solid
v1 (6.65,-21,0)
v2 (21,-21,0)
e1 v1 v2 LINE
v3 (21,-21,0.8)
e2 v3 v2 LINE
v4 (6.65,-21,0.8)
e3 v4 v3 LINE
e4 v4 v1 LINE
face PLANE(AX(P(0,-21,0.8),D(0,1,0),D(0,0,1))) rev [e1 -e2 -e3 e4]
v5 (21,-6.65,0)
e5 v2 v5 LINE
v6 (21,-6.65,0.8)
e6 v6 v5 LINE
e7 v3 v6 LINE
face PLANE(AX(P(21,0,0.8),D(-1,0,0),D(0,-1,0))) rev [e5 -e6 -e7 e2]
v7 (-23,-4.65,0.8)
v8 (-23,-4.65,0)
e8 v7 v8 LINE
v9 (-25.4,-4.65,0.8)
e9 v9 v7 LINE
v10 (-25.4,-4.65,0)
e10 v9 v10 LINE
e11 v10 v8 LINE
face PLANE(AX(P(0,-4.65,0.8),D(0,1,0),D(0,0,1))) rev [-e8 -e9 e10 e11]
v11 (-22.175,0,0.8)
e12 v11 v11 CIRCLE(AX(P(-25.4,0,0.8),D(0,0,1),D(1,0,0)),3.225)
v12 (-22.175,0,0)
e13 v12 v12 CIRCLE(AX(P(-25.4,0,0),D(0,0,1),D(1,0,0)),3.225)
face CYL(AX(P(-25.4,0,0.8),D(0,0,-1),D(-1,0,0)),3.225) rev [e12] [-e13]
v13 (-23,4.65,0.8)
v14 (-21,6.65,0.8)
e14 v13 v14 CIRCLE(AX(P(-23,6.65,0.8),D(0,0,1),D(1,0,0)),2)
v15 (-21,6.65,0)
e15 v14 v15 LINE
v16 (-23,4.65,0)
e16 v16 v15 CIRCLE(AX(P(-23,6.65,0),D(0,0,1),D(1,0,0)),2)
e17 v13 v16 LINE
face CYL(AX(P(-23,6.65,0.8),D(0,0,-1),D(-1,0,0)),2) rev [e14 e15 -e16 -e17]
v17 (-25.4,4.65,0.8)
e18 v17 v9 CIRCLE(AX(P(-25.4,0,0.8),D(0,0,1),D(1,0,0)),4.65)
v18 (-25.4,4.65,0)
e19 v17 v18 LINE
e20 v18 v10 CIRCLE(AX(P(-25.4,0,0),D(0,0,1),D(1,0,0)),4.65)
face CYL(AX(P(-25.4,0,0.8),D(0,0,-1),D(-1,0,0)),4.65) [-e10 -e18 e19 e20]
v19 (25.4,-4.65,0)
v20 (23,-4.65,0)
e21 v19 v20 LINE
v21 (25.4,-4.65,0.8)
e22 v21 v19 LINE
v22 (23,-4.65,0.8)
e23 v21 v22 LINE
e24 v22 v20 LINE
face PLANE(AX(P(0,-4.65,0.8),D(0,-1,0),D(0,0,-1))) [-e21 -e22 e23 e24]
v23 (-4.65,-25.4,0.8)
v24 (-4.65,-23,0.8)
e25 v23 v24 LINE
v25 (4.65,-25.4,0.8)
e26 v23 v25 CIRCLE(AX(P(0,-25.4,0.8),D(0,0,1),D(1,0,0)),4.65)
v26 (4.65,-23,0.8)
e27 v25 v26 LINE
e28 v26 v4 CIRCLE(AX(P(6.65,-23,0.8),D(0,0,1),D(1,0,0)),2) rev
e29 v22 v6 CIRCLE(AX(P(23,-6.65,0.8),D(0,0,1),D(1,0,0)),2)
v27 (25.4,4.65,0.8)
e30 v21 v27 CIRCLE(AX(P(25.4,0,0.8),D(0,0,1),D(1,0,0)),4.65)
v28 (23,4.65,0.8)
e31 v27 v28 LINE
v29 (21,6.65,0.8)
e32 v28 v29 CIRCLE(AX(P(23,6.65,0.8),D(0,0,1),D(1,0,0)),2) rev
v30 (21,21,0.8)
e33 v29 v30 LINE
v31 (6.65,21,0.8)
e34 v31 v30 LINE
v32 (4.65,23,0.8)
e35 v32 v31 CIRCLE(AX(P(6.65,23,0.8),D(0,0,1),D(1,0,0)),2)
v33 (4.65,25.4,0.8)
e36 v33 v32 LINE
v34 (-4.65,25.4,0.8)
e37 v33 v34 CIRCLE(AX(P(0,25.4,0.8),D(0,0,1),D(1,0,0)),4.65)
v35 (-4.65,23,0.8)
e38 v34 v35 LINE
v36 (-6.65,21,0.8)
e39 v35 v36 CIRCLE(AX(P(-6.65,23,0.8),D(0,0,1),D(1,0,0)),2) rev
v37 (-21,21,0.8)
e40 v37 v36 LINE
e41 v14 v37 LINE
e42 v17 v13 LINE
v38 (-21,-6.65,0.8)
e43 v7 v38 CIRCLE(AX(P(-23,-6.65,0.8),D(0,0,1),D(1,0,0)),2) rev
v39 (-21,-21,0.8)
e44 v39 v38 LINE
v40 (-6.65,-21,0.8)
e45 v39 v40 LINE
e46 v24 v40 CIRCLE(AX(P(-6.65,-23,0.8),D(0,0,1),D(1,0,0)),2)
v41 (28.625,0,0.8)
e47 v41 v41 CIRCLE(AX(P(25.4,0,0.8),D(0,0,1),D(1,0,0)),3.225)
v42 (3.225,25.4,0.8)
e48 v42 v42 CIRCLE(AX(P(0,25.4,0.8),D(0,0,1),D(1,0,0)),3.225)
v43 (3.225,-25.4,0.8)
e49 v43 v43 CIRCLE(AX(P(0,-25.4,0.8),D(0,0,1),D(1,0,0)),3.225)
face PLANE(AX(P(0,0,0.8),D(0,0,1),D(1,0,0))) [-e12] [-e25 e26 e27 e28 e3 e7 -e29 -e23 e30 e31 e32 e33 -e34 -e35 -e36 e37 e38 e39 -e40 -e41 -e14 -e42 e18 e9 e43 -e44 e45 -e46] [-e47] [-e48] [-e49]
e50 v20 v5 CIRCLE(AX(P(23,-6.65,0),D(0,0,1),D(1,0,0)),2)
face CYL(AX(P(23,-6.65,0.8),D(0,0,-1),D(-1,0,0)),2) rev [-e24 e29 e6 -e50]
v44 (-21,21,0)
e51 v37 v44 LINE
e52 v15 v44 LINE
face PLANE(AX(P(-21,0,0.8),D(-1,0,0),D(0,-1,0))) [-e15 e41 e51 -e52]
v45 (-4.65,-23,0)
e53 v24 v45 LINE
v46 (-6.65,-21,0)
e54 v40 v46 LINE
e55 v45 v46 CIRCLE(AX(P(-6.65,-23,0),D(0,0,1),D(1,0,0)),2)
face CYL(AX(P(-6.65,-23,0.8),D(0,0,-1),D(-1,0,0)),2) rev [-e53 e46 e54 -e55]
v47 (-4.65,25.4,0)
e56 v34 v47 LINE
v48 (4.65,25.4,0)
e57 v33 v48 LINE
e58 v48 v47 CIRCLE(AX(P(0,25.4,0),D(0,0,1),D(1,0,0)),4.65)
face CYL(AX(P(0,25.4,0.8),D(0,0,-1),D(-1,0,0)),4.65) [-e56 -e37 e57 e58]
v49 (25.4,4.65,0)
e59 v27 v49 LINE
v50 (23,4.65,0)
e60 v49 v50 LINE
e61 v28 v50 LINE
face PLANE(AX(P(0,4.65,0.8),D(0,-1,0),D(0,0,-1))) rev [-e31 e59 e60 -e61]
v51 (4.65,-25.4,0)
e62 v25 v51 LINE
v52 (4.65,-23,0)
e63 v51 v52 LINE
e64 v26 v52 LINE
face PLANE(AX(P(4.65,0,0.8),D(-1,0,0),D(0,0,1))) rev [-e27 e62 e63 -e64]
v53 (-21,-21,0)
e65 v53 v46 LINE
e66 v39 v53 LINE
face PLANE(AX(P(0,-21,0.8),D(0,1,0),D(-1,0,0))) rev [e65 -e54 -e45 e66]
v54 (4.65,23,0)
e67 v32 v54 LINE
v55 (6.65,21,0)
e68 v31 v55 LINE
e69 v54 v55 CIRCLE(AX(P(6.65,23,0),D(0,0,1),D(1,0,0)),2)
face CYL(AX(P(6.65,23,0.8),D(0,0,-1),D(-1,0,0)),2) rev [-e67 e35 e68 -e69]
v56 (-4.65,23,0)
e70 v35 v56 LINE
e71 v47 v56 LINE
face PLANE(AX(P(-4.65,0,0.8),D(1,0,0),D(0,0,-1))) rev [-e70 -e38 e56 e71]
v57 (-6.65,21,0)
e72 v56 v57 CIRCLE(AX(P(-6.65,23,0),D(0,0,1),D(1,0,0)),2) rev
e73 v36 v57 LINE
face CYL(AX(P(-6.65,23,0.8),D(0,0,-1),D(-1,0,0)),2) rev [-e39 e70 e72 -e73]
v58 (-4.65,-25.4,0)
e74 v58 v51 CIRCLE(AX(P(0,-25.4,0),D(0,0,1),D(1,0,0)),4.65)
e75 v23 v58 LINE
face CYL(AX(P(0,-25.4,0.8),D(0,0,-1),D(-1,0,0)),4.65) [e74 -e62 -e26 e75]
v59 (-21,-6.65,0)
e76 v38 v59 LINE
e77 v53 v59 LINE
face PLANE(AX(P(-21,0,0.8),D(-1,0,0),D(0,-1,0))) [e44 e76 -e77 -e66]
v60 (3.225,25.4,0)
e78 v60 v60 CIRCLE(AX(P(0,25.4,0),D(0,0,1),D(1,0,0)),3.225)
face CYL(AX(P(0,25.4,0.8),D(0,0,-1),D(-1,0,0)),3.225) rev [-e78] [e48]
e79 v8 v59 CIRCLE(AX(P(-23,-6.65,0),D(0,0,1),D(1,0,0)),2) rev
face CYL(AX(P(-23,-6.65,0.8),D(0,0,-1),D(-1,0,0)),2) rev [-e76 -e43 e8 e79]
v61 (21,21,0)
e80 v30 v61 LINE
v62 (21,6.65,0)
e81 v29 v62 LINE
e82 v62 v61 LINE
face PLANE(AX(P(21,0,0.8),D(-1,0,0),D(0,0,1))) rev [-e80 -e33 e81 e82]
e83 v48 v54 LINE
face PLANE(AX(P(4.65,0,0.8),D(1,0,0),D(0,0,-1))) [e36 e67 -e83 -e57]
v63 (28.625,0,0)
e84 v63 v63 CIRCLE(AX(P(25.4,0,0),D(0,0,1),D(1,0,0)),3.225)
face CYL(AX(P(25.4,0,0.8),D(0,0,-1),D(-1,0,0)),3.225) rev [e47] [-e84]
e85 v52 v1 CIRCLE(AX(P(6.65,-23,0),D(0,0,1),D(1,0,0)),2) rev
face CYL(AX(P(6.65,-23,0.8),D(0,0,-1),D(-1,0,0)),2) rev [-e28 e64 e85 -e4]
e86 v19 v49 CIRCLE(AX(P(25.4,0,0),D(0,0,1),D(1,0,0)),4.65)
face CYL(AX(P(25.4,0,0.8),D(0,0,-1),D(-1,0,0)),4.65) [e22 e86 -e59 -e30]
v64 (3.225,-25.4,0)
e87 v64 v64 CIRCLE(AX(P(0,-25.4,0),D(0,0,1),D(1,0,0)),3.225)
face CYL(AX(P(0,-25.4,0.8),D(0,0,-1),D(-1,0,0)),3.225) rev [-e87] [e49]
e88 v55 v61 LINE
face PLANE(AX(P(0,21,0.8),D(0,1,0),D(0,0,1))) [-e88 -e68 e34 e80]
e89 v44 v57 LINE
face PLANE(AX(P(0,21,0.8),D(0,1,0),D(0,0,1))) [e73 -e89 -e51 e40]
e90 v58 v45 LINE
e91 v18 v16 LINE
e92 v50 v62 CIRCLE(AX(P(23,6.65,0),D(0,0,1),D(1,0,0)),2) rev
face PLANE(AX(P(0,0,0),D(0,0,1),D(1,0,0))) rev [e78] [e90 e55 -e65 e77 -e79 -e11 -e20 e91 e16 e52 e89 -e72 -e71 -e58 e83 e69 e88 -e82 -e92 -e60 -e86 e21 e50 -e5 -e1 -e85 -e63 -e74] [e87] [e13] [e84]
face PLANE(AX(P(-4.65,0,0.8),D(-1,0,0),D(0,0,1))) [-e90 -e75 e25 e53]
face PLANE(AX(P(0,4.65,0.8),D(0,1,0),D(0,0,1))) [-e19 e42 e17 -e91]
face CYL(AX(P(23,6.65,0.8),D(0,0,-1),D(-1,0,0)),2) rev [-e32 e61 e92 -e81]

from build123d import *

# Parameters (mm, degrees)
SKETCH1_R           = 3.225
BOSS_EXTRUDE1_DEPTH = 0.8


with BuildPart() as part:
    # Sketch1 → Boss-Extrude1 (new body)
    with BuildSketch(Plane.XY):
        with BuildLine():
            ThreePointArc((4.65, 25.4), (0, 30.05), (-4.65, 25.4))
            Line((-4.65, 25.4), (-4.65, 23))
            ThreePointArc((-4.65, 23), (-5.235786438, 21.585786438), (-6.65, 21))
            Line((-6.65, 21), (-8.759132098, 21))
            Line((-8.759132098, 21), (-21, 21))
            Line((-21, 21), (-21, 7.133487824))
            Line((-21, 7.133487824), (-21, 6.65))
            ThreePointArc((-21, 6.65), (-21.585786438, 5.235786438), (-23, 4.65))
            Line((-23, 4.65), (-25.4, 4.65))
            ThreePointArc((-25.4, 4.65), (-30.05, 0), (-25.4, -4.65))
            Line((-25.4, -4.65), (-23, -4.65))
            ThreePointArc((-23, -4.65), (-21.585786438, -5.235786438), (-21, -6.65))
            Line((-21, -6.65), (-21, -8.759132098))
            Line((-21, -8.759132098), (-21, -21))
            Line((-21, -21), (-7.133487824, -21))
            Line((-7.133487824, -21), (-6.65, -21))
            ThreePointArc((-6.65, -21), (-5.235786438, -21.585786438), (-4.65, -23))
            Line((-4.65, -23), (-4.65, -25.4))
            ThreePointArc((-4.65, -25.4), (0, -30.05), (4.65, -25.4))
            Line((4.65, -25.4), (4.65, -23))
            ThreePointArc((4.65, -23), (5.235786438, -21.585786438), (6.65, -21))
            Line((6.65, -21), (8.759132098, -21))
            Line((8.759132098, -21), (21, -21))
            Line((21, -21), (21, -7.133487824))
            Line((21, -7.133487824), (21, -6.65))
            ThreePointArc((21, -6.65), (21.585786438, -5.235786438), (23, -4.65))
            Line((23, -4.65), (25.4, -4.65))
            ThreePointArc((25.4, -4.65), (30.05, 0), (25.4, 4.65))
            Line((25.4, 4.65), (23, 4.65))
            ThreePointArc((23, 4.65), (21.585786438, 5.235786438), (21, 6.65))
            Line((21, 6.65), (21, 8.759132098))
            Line((21, 8.759132098), (21, 21))
            Line((21, 21), (7.133487824, 21))
            Line((7.133487824, 21), (6.65, 21))
            ThreePointArc((6.65, 21), (5.235786438, 21.585786438), (4.65, 23))
            Line((4.65, 23), (4.65, 25.4))
        make_face()
        with Locations((0, -25.4)):
            Circle(SKETCH1_R, mode=Mode.SUBTRACT)
        with Locations((25.4, 0)):
            Circle(SKETCH1_R, mode=Mode.SUBTRACT)
        with Locations((-25.4, 0)):
            Circle(SKETCH1_R, mode=Mode.SUBTRACT)
        with Locations((0, 25.4)):
            Circle(SKETCH1_R, mode=Mode.SUBTRACT)
    extrude(amount=BOSS_EXTRUDE1_DEPTH)


solid = part.part
